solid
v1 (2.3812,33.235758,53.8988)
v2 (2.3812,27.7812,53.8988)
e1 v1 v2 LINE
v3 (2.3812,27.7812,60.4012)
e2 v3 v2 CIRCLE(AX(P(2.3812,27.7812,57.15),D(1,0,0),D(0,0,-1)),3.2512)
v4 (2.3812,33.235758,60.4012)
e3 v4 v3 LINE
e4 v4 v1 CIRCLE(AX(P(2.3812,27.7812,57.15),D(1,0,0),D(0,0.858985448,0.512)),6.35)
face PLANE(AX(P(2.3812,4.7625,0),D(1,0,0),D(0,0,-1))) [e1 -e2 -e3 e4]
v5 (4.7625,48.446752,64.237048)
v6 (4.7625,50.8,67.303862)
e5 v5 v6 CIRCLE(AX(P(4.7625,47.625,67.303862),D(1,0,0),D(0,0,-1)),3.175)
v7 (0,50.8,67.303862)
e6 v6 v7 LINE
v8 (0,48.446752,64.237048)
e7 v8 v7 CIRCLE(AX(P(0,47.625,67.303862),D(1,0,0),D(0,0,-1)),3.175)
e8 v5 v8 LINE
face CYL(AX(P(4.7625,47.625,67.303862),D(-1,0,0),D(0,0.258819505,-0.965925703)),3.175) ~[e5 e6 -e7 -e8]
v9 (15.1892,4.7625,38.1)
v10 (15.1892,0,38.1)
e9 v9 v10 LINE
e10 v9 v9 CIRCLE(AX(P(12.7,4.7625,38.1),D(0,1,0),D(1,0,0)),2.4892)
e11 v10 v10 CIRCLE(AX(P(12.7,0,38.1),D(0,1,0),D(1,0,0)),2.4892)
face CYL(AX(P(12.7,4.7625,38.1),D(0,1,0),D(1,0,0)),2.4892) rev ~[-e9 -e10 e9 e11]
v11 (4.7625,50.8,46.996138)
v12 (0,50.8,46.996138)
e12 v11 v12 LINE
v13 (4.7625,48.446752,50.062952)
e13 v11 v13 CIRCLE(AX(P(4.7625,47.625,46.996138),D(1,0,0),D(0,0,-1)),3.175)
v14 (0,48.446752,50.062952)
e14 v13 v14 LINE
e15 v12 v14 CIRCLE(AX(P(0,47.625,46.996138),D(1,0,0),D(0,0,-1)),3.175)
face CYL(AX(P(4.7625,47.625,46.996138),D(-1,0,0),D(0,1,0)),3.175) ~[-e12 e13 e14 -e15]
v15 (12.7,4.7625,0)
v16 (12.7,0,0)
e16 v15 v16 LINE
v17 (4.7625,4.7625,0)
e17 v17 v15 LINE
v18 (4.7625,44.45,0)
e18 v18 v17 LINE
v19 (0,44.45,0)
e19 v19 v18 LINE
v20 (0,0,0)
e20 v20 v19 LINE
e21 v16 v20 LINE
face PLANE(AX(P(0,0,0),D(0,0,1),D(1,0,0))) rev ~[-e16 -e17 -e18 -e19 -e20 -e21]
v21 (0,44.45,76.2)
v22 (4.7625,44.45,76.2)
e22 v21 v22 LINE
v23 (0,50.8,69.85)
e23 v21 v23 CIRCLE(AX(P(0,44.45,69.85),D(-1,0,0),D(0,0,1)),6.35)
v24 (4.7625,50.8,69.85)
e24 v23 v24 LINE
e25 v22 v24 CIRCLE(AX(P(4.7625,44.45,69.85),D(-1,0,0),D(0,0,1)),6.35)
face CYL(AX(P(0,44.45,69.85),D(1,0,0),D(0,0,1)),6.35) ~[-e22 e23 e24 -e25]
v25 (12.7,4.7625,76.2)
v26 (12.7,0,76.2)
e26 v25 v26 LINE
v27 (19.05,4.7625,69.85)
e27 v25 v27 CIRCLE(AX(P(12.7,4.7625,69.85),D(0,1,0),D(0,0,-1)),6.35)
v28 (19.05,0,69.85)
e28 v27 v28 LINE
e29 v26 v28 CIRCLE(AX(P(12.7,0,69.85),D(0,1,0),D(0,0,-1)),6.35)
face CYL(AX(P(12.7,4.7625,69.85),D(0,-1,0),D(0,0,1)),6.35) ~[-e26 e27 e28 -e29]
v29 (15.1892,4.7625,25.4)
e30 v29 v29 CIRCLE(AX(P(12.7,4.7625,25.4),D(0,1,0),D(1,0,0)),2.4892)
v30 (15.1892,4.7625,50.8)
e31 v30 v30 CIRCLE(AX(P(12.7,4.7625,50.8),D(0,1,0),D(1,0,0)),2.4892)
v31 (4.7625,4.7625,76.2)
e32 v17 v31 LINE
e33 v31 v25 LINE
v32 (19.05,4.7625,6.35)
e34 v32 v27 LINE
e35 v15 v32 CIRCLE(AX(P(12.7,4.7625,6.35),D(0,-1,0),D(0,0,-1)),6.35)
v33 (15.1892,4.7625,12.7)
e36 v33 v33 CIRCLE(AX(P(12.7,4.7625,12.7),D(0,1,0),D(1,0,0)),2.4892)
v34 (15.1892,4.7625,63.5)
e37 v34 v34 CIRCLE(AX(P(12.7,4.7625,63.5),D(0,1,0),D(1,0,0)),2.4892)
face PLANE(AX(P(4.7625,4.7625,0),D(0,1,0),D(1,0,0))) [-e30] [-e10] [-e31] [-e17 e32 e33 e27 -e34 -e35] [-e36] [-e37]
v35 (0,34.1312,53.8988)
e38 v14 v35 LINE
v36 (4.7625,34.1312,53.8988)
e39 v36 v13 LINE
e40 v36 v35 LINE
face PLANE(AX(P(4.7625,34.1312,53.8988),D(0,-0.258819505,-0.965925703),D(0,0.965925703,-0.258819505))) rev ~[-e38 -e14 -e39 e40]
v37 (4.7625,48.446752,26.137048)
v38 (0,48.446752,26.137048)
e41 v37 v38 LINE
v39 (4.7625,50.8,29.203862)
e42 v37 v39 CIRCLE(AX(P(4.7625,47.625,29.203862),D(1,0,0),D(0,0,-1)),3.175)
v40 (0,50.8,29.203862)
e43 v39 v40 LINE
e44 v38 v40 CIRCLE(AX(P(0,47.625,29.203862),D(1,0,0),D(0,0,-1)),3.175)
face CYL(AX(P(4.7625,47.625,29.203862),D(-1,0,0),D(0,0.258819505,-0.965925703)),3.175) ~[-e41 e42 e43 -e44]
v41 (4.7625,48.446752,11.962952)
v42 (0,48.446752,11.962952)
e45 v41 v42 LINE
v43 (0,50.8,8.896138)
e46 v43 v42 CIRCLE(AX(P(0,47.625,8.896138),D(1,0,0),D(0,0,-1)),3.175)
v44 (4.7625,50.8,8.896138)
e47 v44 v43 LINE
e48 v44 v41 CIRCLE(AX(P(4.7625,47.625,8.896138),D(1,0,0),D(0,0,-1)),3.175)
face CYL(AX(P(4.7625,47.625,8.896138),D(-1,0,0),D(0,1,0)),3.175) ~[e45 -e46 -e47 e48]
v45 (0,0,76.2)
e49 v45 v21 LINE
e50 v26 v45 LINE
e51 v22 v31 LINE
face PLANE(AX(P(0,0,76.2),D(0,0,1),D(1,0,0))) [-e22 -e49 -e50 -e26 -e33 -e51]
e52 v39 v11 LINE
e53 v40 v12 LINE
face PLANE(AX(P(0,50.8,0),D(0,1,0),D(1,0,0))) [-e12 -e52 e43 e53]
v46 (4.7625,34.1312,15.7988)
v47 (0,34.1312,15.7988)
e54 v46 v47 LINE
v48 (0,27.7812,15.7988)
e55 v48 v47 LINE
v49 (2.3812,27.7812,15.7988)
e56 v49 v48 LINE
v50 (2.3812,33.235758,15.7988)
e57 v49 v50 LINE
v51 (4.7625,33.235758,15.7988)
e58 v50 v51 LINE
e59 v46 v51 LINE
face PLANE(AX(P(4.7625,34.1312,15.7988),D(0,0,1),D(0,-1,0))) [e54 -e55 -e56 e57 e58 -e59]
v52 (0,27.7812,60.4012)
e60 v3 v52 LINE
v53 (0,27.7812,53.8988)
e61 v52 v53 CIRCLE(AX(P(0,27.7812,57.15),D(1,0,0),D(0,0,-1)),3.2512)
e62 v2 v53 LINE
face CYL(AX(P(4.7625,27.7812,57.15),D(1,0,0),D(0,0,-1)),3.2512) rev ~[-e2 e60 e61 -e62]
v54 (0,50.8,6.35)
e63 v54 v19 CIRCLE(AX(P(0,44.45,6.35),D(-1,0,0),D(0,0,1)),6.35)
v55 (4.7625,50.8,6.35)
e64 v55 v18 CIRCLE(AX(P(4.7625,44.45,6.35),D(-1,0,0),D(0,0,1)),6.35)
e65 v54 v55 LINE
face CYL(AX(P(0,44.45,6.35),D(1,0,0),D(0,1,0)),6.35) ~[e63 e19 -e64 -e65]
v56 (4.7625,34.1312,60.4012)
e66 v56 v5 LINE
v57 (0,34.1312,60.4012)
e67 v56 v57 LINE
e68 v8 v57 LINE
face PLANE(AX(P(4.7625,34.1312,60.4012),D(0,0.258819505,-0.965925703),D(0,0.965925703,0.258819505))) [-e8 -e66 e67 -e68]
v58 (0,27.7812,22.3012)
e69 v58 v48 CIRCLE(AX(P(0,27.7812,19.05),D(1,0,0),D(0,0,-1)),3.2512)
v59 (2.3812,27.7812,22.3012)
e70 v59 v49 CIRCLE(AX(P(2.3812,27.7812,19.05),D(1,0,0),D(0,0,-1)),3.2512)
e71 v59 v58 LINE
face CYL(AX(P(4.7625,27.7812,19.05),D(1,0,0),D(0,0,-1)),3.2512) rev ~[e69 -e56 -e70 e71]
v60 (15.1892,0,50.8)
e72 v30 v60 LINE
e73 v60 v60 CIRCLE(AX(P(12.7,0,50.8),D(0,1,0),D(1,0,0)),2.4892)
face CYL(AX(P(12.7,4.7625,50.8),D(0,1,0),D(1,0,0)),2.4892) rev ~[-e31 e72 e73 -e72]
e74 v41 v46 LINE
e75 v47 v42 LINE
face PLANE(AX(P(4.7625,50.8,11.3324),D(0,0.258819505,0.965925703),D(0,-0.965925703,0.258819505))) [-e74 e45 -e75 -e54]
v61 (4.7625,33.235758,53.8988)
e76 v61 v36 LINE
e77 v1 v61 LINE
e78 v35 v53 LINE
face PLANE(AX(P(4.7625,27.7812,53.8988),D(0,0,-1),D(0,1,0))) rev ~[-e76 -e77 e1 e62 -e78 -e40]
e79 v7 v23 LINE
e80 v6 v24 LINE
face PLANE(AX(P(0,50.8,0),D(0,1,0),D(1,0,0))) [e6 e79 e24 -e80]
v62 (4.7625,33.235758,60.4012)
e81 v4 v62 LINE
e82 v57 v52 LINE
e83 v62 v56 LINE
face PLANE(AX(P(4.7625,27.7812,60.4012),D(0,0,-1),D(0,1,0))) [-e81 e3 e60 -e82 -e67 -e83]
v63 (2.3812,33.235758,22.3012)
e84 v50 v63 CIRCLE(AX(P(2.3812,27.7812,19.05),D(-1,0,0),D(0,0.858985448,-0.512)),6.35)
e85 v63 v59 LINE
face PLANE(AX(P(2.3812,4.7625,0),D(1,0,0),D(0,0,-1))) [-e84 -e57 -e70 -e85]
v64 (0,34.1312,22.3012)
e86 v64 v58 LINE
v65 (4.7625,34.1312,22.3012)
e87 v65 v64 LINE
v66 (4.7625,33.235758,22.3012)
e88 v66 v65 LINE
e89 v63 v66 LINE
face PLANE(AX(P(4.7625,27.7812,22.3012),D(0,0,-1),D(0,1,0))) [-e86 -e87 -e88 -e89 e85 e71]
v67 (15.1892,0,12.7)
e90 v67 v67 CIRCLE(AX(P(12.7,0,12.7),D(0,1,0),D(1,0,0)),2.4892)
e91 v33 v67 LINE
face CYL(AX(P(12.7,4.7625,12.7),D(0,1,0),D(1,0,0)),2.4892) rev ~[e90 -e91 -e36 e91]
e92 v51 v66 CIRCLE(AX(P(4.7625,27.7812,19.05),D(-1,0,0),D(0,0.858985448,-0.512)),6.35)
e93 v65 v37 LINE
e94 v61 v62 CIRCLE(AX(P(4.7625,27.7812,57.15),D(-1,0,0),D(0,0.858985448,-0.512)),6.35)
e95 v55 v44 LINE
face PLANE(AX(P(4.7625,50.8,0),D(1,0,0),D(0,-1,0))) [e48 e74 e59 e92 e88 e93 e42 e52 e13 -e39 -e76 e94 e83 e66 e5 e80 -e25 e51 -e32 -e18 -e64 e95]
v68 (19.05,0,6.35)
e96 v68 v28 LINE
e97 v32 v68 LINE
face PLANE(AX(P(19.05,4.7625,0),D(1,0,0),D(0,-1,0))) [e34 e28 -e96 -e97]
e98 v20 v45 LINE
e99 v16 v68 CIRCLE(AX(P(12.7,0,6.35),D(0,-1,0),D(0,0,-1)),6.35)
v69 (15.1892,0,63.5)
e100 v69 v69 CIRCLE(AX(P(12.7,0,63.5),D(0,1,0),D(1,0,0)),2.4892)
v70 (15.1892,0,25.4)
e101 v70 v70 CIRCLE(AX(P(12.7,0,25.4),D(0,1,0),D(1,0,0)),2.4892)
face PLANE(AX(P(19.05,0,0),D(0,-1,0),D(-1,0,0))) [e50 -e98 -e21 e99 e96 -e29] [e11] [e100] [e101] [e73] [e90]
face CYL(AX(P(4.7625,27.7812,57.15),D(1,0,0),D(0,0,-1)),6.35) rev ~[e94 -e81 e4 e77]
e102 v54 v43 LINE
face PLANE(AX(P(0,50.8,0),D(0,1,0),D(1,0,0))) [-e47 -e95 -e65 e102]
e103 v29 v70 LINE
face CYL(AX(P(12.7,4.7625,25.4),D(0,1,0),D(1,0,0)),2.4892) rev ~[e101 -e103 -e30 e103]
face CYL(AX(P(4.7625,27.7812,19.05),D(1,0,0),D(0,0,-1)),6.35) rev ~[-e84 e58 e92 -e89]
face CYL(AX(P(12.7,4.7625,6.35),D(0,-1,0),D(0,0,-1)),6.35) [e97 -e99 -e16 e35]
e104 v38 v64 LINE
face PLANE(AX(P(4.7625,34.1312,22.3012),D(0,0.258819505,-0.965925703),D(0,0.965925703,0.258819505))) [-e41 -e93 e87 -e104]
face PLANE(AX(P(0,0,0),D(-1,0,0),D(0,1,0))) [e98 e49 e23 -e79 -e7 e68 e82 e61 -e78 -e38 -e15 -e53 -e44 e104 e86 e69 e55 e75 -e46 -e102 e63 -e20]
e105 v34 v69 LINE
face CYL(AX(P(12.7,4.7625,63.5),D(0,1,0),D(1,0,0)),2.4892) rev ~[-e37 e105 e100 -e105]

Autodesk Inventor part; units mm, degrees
ref_plane "YZ Plane" through (0, 0, 0) normal (1, 0, 0) x (0, 1, 0)
ref_plane "XZ Plane" through (0, 0, 0) normal (0, 1, 0) x (-1, 0, 0)
ref_plane "XY Plane" through (0, 0, 0) normal (0, 0, 1) x (1, 0, 0)
sketch "Sketch1" plane through (0, 0, 0) normal (0, 0, 1) x (1, 0, 0)
  line L0 (0, 0) -> (0, 50.8)
  line L1 (0, 50.8) -> (4.7625, 50.8)
  line L2 (4.7625, 50.8) -> (4.7625, 4.7625)
  line L3 (4.7625, 4.7625) -> (19.05, 4.7625)
  line L4 (19.05, 4.7625) -> (19.05, 0)
  line L5 (19.05, 0) -> (0, 0)
  dimension "d0" = 4.7625
  dimension "d1" = 19.05
  dimension "d2" = 50.8
  dimension "d3" = 4.7625
extrude "Extrusion1" add sketch "Sketch1" along normal blind 76.2
sketch "Sketch2" plane through (4.7625, 4.7625, 0) normal (1, 0, 0) x (0, 0, -1)
  circle A0 centre (-57.15, 23.0187) radius 3.2512
  circle A1 centre (-19.05, 23.0187) radius 3.2512
  line L0 (-76.2, 0) -> (-76.2, 46.0375) projected
  line L1 (0, 0) -> (0, 46.0375) projected
  line L2 (-60.4012, 23.0187) -> (-60.4012, 29.3687)
  line L3 (-60.4012, 29.3687) -> (-64.8676, 46.0375)
  line L4 (0, 46.0375) -> (-76.2, 46.0375) projected
  line L5 (-53.8988, 23.0187) -> (-53.8988, 29.3687)
  line L6 (-53.8988, 29.3687) -> (-49.4324, 46.0375)
  line L7 (-22.3012, 23.0187) -> (-22.3012, 29.3687)
  line L8 (-22.3012, 29.3687) -> (-26.7676, 46.0375)
  line L9 (-11.3324, 46.0375) -> (-15.7988, 29.3687)
  line L10 (-15.7988, 29.3687) -> (-15.7988, 23.0187)
  point P0 (0, -4.7625)
  point P1 (-76.2, 23.0187)
  point P2 (0, 23.0187)
  point P3 (-76.2, 23.0187)
  dimension "d6" = 6.5024
  dimension "d7" = 6.5024
  dimension "d8" = 19.05
  dimension "d9" = 38.1
  dimension "d10" = 19.05
  dimension "d11" = 6.35
  dimension "d12" = 165
extrude "Extrusion2" cut sketch "Sketch2" against normal blind 76.2
sketch "Sketch3" plane through (4.7625, 4.7625, 0) normal (1, 0, 0) x (0, 0, -1)
  arc A0 (-22.3012, 23.0187) -> (-15.7988, 23.0187) centre (-19.05, 23.0187) ccw projected
  circle A1 centre (-19.05, 23.0187) radius 6.35
  arc A2 (-60.4012, 23.0187) -> (-53.8988, 23.0187) centre (-57.15, 23.0187) ccw projected
  circle A3 centre (-57.15, 23.0187) radius 6.35
  point P0 (0, -4.7625)
  dimension "d15" = 12.7
  dimension "d16" = 12.7
extrude "Extrusion3" cut sketch "Sketch3" against normal blind 2.3813
fillet "Fillet1" radius 3.175 4 edges at (2.3813, 50.8, 64.8676) (2.3813, 50.8, 49.4324) (2.3813, 50.8, 26.7676) (2.3813, 50.8, 11.3324)
sketch "Sketch4" plane through (4.7625, 4.7625, 0) normal (0, 1, 0) x (1, 0, 0)
  circle A0 centre (7.9375, -63.5) radius 2.4892
  line L0 (14.2875, -76.2) -> (0, -76.2) projected
  line L1 (14.2875, 0) -> (14.2875, -76.2) projected
  circle A1 centre (7.9375, -50.8) radius 2.4892
  circle A2 centre (7.9375, -38.1) radius 2.4892
  circle A3 centre (7.9375, -25.4) radius 2.4892
  circle A4 centre (7.9375, -12.7) radius 2.4892
  circle A5 centre (7.9375, 0) radius 2.4892 construction
  line L2 (-4.7625, -67.3038) -> (-4.7625, -76.2) projected
  line L3 (-4.7625, -67.3038) -> (-4.7625, -64.237) projected
  line L4 (-4.7625, -60.4012) -> (-4.7625, -53.8988) projected
  line L5 (0, -64.237) -> (-4.7625, -64.237) projected
  line L6 (0, -60.4012) -> (0, -64.237) projected
  line L7 (0, -60.4012) -> (-4.7625, -60.4012) projected
  line L8 (-4.7625, -64.237) -> (-4.7625, -60.4012) projected
  point P0 (-4.7625, 0)
  point P1 (7.1437, -76.2)
  dimension "d20" = 4.9784
  dimension "d21" = 12.7
  dimension "d24" = 12.7
  dimension "d33" = 12.7
extrude "Extrusion4" cut sketch "Sketch4" against normal through all contours A0 | A1 | A2 | A3 | A4
fillet "Fillet2" radius 6.35 4 edges at (19.05, 2.3813, 76.2) (19.05, 2.3813, 0) (2.3813, 50.8, 76.2) (2.3813, 50.8, 0)
equation "\"d8\" = d10"
properties part number "BUMP_006_Bigbracket" material "Aluminum 6061"
